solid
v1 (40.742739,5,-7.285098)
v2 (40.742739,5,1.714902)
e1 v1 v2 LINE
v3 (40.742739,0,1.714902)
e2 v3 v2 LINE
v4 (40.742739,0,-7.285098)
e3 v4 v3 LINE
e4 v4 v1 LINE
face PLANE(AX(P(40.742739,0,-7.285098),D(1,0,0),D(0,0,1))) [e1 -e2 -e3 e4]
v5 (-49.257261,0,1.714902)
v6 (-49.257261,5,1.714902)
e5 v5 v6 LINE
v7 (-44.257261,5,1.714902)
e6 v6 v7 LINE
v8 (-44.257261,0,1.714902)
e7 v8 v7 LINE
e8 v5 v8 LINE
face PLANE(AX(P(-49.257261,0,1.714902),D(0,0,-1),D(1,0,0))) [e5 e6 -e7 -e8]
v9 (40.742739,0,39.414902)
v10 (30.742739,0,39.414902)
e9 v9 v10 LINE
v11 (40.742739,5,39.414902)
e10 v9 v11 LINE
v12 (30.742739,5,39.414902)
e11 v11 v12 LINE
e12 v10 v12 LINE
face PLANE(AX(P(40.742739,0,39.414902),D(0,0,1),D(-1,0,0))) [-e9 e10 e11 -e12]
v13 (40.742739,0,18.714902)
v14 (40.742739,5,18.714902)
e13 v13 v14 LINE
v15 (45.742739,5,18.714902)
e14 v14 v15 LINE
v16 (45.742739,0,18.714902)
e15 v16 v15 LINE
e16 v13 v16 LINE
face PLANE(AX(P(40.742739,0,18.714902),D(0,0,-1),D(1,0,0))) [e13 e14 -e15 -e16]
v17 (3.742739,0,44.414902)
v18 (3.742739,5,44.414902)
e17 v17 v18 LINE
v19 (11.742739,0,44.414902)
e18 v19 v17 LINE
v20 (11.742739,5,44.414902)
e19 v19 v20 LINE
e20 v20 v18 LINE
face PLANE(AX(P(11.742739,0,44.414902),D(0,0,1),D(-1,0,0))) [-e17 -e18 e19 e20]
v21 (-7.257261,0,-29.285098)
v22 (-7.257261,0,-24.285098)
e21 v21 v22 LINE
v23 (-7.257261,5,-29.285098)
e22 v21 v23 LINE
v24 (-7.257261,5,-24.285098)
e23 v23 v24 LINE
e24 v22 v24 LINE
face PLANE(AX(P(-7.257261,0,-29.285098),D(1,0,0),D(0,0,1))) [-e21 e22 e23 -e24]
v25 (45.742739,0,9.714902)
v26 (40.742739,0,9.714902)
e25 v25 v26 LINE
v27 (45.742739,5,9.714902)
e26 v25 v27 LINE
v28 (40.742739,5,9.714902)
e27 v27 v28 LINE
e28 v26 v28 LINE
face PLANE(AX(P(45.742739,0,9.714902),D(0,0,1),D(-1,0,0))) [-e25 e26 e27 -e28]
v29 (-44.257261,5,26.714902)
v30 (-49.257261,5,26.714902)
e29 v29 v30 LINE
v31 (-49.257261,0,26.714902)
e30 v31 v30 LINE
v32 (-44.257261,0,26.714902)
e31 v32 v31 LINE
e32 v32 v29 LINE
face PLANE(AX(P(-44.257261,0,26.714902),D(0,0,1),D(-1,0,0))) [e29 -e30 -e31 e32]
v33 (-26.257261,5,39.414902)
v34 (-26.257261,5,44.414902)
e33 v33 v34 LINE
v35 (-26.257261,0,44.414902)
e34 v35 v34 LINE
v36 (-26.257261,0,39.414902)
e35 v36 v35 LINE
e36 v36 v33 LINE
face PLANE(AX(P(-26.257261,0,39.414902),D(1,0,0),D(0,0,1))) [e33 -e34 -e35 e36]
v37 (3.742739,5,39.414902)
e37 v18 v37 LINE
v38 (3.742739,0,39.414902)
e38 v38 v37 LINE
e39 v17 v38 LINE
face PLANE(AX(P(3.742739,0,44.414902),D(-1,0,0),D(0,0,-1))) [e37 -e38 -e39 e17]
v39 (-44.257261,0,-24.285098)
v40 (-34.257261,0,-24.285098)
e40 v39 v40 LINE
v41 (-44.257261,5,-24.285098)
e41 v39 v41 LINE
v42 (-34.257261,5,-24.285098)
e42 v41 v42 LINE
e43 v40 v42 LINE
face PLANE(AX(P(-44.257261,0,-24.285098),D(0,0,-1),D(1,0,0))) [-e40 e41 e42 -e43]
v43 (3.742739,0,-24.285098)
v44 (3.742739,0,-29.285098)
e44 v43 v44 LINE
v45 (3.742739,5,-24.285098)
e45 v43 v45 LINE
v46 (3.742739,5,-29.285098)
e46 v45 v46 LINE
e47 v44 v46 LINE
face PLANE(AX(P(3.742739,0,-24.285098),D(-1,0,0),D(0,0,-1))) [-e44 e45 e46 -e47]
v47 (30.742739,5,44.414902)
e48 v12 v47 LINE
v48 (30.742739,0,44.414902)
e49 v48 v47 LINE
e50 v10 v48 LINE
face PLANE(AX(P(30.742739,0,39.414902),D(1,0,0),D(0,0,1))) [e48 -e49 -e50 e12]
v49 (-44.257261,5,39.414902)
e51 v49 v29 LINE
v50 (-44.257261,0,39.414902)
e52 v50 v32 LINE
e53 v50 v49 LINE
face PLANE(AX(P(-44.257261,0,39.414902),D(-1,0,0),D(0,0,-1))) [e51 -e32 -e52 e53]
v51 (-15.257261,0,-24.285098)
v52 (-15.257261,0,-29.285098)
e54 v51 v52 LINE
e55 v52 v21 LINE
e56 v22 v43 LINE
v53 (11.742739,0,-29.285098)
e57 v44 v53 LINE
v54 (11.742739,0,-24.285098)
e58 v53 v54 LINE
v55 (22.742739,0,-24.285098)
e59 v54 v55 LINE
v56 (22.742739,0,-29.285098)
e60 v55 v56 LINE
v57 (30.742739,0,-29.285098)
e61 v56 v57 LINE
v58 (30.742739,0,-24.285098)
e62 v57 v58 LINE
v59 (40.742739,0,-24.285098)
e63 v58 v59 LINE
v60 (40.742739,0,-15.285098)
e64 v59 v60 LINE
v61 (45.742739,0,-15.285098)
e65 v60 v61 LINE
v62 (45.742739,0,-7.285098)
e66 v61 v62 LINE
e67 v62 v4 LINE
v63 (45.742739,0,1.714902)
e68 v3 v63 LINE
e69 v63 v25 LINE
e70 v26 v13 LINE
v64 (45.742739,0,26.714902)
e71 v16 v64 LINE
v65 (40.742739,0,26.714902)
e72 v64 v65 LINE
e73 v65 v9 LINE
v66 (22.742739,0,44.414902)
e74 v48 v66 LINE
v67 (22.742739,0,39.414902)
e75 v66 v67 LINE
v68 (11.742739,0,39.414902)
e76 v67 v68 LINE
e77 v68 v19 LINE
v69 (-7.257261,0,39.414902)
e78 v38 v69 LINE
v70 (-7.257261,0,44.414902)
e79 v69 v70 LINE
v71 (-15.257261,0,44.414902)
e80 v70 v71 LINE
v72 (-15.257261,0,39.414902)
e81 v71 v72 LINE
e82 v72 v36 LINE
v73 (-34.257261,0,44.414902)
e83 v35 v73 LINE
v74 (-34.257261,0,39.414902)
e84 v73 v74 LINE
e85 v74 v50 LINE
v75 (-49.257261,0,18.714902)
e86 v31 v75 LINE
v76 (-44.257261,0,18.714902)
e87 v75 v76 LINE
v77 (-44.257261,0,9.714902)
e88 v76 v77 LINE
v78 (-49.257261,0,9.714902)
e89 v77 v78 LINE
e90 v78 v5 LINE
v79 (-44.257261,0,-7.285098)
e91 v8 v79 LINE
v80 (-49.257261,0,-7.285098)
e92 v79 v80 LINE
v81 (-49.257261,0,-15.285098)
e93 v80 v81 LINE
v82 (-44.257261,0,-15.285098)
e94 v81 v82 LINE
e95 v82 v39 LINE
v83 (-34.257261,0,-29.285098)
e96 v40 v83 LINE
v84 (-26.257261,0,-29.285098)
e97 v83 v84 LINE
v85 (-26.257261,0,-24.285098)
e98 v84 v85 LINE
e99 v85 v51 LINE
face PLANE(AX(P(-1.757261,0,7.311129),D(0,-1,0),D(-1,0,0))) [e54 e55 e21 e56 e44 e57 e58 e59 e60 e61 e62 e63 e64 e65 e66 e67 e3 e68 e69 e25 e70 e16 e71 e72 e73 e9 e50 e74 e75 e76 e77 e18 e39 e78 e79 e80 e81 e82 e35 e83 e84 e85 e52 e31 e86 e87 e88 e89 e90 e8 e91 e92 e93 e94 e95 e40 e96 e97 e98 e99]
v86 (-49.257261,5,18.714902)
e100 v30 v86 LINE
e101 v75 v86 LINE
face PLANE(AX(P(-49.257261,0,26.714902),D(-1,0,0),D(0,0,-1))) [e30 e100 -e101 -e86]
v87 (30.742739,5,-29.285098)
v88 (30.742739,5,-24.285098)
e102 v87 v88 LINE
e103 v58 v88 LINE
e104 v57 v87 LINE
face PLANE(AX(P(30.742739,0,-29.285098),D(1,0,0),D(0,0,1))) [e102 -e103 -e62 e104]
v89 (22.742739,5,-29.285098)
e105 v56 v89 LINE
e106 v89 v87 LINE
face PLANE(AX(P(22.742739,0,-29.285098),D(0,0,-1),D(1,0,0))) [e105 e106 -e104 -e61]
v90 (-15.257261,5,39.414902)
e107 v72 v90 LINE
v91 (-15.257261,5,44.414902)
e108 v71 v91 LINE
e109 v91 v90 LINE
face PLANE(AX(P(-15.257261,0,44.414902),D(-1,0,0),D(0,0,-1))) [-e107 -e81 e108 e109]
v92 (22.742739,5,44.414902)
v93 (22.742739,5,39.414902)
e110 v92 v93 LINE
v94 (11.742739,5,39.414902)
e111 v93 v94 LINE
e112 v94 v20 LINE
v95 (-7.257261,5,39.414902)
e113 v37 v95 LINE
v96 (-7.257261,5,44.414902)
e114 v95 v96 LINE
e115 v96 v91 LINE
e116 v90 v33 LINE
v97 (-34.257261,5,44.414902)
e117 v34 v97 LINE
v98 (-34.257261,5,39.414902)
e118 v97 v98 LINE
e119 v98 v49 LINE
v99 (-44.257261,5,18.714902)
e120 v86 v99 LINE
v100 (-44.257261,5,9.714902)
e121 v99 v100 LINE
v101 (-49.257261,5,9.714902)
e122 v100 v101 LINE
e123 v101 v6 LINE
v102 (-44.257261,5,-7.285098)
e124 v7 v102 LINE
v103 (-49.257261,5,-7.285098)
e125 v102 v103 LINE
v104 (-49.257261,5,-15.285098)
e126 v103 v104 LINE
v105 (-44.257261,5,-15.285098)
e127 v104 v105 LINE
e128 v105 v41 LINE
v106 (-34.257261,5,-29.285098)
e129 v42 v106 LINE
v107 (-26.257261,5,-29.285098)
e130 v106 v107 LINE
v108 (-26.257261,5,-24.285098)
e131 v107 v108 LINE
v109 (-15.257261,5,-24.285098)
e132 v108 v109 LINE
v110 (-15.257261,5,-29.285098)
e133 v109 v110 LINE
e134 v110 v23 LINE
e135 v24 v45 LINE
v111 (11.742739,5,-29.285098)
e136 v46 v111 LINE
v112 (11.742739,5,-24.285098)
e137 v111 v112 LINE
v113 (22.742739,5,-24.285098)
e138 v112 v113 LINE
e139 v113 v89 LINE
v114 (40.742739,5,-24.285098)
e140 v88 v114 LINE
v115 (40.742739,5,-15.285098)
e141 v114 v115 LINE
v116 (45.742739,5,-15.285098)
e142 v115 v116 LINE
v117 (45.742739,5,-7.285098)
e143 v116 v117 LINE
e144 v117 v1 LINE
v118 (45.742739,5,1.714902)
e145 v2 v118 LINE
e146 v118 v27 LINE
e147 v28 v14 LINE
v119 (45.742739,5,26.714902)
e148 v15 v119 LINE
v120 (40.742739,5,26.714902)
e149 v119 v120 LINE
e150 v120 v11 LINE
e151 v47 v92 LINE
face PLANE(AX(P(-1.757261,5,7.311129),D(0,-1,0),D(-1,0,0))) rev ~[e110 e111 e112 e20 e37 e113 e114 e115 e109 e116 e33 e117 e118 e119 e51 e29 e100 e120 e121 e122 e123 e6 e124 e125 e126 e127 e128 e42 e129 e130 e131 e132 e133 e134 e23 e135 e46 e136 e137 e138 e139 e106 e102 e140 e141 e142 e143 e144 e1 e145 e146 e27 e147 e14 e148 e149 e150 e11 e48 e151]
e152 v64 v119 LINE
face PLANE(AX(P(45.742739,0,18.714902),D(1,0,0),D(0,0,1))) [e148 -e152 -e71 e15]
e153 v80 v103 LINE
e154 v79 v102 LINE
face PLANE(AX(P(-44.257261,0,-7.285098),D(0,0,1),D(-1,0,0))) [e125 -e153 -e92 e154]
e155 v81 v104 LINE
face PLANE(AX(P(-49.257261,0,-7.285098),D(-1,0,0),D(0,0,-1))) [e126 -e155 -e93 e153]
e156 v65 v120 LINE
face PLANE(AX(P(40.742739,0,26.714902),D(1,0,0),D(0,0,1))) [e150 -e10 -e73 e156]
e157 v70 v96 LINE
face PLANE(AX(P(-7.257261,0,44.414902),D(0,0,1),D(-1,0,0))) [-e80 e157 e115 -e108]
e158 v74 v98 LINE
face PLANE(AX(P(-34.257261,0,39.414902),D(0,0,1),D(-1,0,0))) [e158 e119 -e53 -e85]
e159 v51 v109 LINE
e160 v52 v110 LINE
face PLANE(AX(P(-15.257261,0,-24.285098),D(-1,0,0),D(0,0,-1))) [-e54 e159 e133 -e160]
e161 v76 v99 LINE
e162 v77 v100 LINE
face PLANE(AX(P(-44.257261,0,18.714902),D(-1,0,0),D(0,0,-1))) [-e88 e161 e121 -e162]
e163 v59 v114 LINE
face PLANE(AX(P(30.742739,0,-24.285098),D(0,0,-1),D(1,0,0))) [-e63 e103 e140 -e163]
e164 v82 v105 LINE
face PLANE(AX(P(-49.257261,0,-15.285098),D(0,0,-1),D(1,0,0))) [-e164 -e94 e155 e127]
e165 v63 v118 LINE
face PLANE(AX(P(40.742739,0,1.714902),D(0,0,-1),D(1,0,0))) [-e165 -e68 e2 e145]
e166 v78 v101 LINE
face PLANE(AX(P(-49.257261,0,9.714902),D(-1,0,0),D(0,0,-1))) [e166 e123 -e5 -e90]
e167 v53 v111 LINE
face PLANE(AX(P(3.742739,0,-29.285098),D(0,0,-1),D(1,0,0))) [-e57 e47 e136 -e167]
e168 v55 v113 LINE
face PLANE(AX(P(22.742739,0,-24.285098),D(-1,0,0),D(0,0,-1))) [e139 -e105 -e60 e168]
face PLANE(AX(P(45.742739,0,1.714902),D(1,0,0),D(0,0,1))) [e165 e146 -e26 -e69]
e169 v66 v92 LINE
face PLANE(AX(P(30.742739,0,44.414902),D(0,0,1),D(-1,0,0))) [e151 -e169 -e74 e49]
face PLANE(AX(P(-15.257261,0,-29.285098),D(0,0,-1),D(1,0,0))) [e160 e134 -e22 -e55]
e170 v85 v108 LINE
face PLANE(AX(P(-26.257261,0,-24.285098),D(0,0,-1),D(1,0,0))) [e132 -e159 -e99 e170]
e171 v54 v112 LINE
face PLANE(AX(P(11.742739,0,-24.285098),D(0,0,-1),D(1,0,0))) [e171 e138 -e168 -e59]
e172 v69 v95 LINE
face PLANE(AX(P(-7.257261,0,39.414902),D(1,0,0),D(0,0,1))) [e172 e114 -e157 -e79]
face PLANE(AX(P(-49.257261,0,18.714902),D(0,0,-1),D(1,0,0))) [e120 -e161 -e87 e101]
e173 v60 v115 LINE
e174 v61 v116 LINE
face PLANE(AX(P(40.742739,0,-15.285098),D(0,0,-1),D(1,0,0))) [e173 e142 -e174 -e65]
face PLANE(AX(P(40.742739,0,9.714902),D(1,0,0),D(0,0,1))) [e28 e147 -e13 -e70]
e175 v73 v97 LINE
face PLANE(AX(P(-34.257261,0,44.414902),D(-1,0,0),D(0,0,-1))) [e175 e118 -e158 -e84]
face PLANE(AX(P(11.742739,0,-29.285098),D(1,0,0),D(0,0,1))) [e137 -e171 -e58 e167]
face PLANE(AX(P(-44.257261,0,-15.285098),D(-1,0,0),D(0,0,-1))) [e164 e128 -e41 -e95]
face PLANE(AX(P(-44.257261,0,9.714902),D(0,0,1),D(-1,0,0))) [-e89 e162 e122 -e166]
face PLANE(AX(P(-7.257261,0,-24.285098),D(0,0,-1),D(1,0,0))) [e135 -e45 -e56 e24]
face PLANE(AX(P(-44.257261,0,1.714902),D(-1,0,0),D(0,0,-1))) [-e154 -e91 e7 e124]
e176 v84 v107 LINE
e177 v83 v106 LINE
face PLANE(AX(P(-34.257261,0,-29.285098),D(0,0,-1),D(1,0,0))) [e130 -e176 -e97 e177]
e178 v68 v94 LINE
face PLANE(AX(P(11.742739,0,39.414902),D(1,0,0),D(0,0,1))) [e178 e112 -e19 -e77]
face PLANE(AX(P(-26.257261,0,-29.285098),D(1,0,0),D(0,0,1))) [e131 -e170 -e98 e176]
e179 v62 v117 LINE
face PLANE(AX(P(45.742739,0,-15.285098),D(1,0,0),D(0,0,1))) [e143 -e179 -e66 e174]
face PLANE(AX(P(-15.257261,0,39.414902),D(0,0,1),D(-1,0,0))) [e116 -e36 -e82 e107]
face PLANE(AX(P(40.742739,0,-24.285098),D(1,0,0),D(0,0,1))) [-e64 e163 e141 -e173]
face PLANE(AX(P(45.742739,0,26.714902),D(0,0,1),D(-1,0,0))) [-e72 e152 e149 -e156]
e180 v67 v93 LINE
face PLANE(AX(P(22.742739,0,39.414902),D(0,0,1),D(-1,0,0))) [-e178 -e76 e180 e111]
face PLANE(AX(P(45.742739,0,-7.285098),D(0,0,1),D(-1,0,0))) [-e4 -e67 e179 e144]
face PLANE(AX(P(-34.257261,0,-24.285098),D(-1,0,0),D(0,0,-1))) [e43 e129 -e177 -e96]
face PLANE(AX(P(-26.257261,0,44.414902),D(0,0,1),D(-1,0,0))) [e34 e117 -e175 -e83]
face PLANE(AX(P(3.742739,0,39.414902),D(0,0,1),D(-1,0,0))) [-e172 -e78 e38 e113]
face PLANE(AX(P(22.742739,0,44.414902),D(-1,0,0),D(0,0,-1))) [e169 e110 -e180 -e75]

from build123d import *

# Parameters (mm, degrees)
BOSS_EXTRUDE1_DEPTH = 5


with BuildPart() as part:
    # Sketch1 → Boss-Extrude1 (new body)
    with BuildSketch(Plane(origin=(0, 0, 0), x_dir=(1, 0, 0), z_dir=(0, 1, 0))):
        Polygon((-44.257261197, 24.285098332), (-34.257261197, 24.285098332), (-34.257261197, 29.285098332), (-26.257261197, 29.285098332), (-26.257261197, 24.285098332), (-15.257261197, 24.285098332), (-15.257261197, 29.285098332), (-7.257261197, 29.285098332), (-7.257261197, 24.285098332), (3.742738803, 24.285098332), (3.742738803, 29.285098332), (11.742738803, 29.285098332), (11.742738803, 24.285098332), (22.742738803, 24.285098332), (22.742738803, 29.285098332), (30.742738803, 29.285098332), (30.742738803, 24.285098332), (40.742738803, 24.285098332), (40.742738803, 15.285098332), (45.742738803, 15.285098332), (45.742738803, 7.285098332), (40.742738803, 7.285098332), (40.742738803, -1.714901668), (45.742738803, -1.714901668), (45.742738803, -9.714901668), (40.742738803, -9.714901668), (40.742738803, -18.714901668), (45.742738803, -18.714901668), (45.742738803, -26.714901668), (40.742738803, -26.714901668), (40.742738803, -39.414901668), (30.742738803, -39.414901668), (30.742738803, -44.414901668), (22.742738803, -44.414901668), (22.742738803, -39.414901668), (11.742738803, -39.414901668), (11.742738803, -44.414901668), (3.742738803, -44.414901668), (3.742738803, -39.414901668), (-7.257261197, -39.414901668), (-7.257261197, -44.414901668), (-15.257261197, -44.414901668), (-15.257261197, -39.414901668), (-26.257261197, -39.414901668), (-26.257261197, -44.414901668), (-34.257261197, -44.414901668), (-34.257261197, -39.414901668), (-44.257261197, -39.414901668), (-44.257261197, -26.714901668), (-49.257261197, -26.714901668), (-49.257261197, -18.714901668), (-44.257261197, -18.714901668), (-44.257261197, -9.714901668), (-49.257261197, -9.714901668), (-49.257261197, -1.714901668), (-44.257261197, -1.714901668), (-44.257261197, 7.285098332), (-49.257261197, 7.285098332), (-49.257261197, 15.285098332), (-44.257261197, 15.285098332), align=None)
    extrude(amount=BOSS_EXTRUDE1_DEPTH)


solid = part.part
